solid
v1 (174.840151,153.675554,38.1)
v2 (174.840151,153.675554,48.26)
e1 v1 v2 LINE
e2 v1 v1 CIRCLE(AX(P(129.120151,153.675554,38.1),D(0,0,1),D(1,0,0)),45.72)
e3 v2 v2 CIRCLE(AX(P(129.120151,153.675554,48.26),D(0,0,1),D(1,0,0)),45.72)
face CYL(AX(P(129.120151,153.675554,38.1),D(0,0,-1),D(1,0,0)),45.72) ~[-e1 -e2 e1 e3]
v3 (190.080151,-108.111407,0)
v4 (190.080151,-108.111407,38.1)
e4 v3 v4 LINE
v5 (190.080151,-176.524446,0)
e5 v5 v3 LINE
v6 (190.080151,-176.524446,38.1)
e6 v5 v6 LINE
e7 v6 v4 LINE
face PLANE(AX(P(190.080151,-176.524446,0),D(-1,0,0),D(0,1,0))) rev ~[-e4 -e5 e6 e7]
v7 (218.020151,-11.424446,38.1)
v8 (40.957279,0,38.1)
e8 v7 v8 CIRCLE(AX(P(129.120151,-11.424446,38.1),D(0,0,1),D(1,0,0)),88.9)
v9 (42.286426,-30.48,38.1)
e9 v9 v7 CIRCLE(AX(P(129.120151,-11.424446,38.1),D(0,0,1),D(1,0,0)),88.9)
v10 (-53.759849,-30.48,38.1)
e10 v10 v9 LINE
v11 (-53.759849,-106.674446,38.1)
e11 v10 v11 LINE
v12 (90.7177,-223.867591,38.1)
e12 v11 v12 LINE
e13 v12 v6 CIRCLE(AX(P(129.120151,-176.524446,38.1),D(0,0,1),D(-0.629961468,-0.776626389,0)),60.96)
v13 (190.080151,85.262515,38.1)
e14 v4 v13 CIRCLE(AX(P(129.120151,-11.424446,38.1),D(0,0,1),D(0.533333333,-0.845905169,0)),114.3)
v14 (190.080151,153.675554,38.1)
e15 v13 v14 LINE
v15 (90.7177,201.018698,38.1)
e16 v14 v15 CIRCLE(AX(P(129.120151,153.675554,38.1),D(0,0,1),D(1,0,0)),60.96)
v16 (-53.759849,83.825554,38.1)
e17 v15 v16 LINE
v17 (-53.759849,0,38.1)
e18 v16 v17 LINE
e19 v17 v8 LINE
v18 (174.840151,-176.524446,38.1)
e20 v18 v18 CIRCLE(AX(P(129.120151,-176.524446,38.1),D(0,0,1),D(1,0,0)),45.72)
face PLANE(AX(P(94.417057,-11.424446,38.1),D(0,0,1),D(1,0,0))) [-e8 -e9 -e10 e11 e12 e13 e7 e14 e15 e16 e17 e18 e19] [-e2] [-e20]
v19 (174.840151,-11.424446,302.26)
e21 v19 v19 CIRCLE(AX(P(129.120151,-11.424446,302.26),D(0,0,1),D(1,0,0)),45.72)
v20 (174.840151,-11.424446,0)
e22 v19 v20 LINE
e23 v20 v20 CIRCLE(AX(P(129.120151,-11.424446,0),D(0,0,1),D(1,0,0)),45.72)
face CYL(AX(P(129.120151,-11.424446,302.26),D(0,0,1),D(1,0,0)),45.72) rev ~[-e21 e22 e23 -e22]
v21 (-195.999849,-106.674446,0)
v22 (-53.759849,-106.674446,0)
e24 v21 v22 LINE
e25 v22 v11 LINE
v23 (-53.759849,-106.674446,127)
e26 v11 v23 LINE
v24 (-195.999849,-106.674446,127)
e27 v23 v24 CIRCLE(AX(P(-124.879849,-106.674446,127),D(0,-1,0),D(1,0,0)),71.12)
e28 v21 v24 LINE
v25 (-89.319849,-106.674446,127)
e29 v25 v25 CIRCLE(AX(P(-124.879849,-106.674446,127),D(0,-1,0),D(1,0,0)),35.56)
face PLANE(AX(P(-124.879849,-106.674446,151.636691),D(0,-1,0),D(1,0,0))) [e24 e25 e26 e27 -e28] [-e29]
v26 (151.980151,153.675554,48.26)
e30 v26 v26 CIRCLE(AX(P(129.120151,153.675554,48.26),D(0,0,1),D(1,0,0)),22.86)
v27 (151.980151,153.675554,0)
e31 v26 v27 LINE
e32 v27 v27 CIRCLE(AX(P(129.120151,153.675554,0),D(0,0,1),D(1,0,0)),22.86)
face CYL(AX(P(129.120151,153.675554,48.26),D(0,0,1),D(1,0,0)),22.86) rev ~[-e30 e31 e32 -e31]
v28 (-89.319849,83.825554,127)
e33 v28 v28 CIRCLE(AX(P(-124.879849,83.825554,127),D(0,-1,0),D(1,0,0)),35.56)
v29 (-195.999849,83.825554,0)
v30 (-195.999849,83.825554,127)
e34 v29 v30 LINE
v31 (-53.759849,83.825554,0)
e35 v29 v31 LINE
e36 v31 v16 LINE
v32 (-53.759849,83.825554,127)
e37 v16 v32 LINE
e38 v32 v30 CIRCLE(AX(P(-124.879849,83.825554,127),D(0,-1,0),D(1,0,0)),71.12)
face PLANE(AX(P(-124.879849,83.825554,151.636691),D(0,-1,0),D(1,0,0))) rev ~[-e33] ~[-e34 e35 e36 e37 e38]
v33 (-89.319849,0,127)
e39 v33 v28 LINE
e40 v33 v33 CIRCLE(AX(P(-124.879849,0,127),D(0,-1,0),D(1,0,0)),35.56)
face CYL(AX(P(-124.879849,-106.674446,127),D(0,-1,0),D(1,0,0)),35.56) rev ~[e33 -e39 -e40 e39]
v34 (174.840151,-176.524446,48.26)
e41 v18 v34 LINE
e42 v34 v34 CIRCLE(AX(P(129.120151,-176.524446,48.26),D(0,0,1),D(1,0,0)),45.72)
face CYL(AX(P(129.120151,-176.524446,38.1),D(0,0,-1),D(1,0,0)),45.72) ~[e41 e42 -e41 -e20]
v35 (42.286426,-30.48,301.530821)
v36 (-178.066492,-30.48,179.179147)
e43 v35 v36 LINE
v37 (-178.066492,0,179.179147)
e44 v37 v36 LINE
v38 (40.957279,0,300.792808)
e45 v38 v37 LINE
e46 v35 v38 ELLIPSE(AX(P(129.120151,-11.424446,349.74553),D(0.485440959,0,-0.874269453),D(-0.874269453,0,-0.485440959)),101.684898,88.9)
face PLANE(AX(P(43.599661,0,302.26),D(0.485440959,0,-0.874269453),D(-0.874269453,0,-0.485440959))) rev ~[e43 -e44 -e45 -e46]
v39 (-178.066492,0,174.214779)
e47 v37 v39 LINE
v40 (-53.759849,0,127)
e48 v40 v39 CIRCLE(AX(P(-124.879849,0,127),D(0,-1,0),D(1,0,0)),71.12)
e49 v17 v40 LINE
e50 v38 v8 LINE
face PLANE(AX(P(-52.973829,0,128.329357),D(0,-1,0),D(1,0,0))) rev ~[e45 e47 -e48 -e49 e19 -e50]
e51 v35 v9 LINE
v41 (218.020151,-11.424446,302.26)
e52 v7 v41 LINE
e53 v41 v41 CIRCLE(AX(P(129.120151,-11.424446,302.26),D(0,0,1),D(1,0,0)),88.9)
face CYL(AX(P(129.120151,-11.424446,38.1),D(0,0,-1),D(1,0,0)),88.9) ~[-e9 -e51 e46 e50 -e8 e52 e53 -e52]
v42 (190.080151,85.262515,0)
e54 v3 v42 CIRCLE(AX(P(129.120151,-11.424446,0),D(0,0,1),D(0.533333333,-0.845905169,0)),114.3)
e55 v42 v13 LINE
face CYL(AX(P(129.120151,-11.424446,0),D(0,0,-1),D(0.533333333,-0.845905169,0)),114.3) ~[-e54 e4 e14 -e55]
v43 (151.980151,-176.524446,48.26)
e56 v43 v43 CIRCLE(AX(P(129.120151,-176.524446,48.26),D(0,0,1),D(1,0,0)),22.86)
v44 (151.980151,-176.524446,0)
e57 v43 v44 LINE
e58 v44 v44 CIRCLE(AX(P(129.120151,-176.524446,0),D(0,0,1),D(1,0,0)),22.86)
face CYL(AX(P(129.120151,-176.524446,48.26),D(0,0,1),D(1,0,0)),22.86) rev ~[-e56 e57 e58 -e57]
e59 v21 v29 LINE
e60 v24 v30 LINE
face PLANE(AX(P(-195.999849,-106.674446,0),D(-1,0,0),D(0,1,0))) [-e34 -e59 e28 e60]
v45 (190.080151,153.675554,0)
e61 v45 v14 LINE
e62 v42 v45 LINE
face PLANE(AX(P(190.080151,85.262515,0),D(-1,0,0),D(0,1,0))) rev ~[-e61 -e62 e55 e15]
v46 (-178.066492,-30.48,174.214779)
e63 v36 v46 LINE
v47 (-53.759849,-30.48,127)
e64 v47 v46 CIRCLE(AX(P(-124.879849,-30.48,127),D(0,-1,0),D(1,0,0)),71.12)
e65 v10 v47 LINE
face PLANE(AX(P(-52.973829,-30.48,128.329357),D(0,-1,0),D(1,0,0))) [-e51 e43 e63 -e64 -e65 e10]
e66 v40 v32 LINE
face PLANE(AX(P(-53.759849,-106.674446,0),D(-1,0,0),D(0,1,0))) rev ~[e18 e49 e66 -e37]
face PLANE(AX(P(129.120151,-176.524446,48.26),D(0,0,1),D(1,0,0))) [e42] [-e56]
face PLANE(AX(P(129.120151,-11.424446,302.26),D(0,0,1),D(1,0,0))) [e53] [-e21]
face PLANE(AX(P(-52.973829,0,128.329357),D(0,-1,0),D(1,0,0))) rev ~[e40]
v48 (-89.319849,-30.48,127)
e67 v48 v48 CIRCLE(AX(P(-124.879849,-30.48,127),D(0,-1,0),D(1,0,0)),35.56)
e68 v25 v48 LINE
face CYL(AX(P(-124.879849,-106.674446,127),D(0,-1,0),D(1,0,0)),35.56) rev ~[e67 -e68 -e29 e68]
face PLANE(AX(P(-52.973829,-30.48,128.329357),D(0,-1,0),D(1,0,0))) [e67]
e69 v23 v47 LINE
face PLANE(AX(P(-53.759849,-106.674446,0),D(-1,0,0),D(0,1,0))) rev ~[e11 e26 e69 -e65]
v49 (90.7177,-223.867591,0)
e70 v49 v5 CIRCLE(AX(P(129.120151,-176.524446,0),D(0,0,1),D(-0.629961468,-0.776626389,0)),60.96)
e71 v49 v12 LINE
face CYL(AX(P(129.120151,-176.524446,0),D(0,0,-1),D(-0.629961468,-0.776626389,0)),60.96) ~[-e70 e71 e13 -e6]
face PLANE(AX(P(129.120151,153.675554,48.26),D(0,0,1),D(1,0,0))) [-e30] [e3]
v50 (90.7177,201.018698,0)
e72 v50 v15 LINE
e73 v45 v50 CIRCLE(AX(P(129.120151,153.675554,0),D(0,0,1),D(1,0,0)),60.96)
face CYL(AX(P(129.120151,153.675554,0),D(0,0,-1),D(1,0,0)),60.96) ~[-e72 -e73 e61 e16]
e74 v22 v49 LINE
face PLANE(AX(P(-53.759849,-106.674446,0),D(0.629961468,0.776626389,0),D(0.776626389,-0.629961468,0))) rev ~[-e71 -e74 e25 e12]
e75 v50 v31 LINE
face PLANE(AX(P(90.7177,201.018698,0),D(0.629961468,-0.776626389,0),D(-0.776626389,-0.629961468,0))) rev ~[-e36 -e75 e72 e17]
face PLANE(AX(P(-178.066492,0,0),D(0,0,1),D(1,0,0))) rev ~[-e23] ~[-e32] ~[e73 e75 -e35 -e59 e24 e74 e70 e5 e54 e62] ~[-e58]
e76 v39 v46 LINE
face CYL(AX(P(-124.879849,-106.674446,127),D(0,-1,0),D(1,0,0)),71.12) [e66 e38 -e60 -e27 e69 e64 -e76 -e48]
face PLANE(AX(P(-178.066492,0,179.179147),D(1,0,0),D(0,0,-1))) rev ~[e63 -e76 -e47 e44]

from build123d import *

# Parameters (mm, degrees)
F1_DEPTH  = 38.1
F0_W      = 142.24
F0_H      = 190.5
F2_DEPTH  = 127
F4_DEPTH  = 190.5
F5_R      = 35.56
F6_DEPTH  = 190.5
F7_R      = 45.72
F8_DEPTH  = 10.16
F9_DEPTH  = 10.16
F10_R     = 22.86
F11_DEPTH = 48.26
F12_R     = 22.86
F13_DEPTH = 48.26
F14_R     = 88.9
F15_DEPTH = 264.16
F16_R     = 45.72
F17_DEPTH = 302.26
F19_DEPTH = 30.48


with BuildPart() as f1:
    # F0 (on Top) → F1 (new body)
    with BuildSketch(Plane.XY):
        with BuildLine():
            Line((90.7176998631, 201.0186984875), (-53.7598490381, 83.8255537926))
            Line((-53.7598490381, 83.8255537926), (-53.7598490381, -106.6744462074))
            Line((-53.7598490381, -106.6744462074), (90.7176998631, -223.8675909024))
            ThreePointArc((90.7176998631, -223.8675909024), (155.3414036114, -231.5568685554), (190.0801509619, -176.5244462074))
            Line((190.0801509619, -176.5244462074), (190.0801509619, -108.1114070656))
            ThreePointArc((190.0801509619, -108.1114070656), (243.4201509619, -11.4244462074), (190.0801509619, 85.2625146508))
            Line((190.0801509619, 85.2625146508), (190.0801509619, 153.6755537926))
            ThreePointArc((190.0801509619, 153.6755537926), (155.3414036114, 208.7079761406), (90.7176998631, 201.0186984875))
        make_face()
    extrude(amount=F1_DEPTH)

    # F0 (on Top) → F2 (join)
    with BuildSketch(Plane.XY):
        with Locations((-124.8798490381, -11.4244462074)):
            Rectangle(F0_W, F0_H)
    extrude(amount=F2_DEPTH)

    # F3 (on face) → F4 (join)
    with BuildSketch(Plane.XZ.offset(106.6744462074)):
        with BuildLine():
            Line((-195.9998490381, 127), (-53.7598490381, 127))
            ThreePointArc((-53.7598490381, 127), (-124.8798490381, 198.12), (-195.9998490381, 127))
        make_face()
    extrude(amount=-F4_DEPTH)

    # F5 (on face) → F6 (cut)
    with BuildSketch(Plane.XZ.offset(106.6744462074)):
        with Locations((-124.8798490381, 127)):
            Circle(F5_R)
    extrude(amount=-F6_DEPTH, mode=Mode.SUBTRACT)

    # F7 (on face) → F8 (join)
    with BuildSketch(Plane.XY.offset(38.1)):
        with Locations((129.1201509619, -176.5244462074)):
            Circle(F7_R)
    extrude(amount=F8_DEPTH)

    # F7 (on face) → F9 (join)
    with BuildSketch(Plane.XY.offset(38.1)):
        with Locations((129.1201509619, 153.6755537926)):
            Circle(F7_R)
        with Locations((129.1201509619, -176.5244462074)):
            Circle(F7_R)
    extrude(amount=F9_DEPTH)

    # F10 (on face) → F11 (cut)
    with BuildSketch(Plane.XY.offset(48.26)):
        with Locations((129.1201509619, 153.6755537926)):
            Circle(F10_R)
    extrude(amount=-F11_DEPTH, mode=Mode.SUBTRACT)

    # F12 (on face) → F13 (cut)
    with BuildSketch(Plane.XY.offset(48.26)):
        with Locations((129.1201509619, -176.5244462074)):
            Circle(F12_R)
    extrude(amount=-F13_DEPTH, mode=Mode.SUBTRACT)

    # F14 (on face) → F15 (join)
    with BuildSketch(Plane.XY.offset(38.1)):
        with Locations((129.1201509619, -11.4244462074)):
            Circle(F14_R)
    extrude(amount=F15_DEPTH)

    # F16 (on face) → F17 (cut)
    with BuildSketch(Plane.XY.offset(302.26)):
        with Locations((129.1201509619, -11.4244462074)):
            Circle(F16_R)
    extrude(amount=-F17_DEPTH, mode=Mode.SUBTRACT)

    # F18 (on Front) → F19 (join)
    with BuildSketch(Plane.XZ):
        Polygon((43.5996614397, 302.26), (-178.0664920807, 179.1791468859), (-178.0664920807, 0), (43.5996614397, 0), align=None)
    extrude(amount=F19_DEPTH)


solid = f1.part
